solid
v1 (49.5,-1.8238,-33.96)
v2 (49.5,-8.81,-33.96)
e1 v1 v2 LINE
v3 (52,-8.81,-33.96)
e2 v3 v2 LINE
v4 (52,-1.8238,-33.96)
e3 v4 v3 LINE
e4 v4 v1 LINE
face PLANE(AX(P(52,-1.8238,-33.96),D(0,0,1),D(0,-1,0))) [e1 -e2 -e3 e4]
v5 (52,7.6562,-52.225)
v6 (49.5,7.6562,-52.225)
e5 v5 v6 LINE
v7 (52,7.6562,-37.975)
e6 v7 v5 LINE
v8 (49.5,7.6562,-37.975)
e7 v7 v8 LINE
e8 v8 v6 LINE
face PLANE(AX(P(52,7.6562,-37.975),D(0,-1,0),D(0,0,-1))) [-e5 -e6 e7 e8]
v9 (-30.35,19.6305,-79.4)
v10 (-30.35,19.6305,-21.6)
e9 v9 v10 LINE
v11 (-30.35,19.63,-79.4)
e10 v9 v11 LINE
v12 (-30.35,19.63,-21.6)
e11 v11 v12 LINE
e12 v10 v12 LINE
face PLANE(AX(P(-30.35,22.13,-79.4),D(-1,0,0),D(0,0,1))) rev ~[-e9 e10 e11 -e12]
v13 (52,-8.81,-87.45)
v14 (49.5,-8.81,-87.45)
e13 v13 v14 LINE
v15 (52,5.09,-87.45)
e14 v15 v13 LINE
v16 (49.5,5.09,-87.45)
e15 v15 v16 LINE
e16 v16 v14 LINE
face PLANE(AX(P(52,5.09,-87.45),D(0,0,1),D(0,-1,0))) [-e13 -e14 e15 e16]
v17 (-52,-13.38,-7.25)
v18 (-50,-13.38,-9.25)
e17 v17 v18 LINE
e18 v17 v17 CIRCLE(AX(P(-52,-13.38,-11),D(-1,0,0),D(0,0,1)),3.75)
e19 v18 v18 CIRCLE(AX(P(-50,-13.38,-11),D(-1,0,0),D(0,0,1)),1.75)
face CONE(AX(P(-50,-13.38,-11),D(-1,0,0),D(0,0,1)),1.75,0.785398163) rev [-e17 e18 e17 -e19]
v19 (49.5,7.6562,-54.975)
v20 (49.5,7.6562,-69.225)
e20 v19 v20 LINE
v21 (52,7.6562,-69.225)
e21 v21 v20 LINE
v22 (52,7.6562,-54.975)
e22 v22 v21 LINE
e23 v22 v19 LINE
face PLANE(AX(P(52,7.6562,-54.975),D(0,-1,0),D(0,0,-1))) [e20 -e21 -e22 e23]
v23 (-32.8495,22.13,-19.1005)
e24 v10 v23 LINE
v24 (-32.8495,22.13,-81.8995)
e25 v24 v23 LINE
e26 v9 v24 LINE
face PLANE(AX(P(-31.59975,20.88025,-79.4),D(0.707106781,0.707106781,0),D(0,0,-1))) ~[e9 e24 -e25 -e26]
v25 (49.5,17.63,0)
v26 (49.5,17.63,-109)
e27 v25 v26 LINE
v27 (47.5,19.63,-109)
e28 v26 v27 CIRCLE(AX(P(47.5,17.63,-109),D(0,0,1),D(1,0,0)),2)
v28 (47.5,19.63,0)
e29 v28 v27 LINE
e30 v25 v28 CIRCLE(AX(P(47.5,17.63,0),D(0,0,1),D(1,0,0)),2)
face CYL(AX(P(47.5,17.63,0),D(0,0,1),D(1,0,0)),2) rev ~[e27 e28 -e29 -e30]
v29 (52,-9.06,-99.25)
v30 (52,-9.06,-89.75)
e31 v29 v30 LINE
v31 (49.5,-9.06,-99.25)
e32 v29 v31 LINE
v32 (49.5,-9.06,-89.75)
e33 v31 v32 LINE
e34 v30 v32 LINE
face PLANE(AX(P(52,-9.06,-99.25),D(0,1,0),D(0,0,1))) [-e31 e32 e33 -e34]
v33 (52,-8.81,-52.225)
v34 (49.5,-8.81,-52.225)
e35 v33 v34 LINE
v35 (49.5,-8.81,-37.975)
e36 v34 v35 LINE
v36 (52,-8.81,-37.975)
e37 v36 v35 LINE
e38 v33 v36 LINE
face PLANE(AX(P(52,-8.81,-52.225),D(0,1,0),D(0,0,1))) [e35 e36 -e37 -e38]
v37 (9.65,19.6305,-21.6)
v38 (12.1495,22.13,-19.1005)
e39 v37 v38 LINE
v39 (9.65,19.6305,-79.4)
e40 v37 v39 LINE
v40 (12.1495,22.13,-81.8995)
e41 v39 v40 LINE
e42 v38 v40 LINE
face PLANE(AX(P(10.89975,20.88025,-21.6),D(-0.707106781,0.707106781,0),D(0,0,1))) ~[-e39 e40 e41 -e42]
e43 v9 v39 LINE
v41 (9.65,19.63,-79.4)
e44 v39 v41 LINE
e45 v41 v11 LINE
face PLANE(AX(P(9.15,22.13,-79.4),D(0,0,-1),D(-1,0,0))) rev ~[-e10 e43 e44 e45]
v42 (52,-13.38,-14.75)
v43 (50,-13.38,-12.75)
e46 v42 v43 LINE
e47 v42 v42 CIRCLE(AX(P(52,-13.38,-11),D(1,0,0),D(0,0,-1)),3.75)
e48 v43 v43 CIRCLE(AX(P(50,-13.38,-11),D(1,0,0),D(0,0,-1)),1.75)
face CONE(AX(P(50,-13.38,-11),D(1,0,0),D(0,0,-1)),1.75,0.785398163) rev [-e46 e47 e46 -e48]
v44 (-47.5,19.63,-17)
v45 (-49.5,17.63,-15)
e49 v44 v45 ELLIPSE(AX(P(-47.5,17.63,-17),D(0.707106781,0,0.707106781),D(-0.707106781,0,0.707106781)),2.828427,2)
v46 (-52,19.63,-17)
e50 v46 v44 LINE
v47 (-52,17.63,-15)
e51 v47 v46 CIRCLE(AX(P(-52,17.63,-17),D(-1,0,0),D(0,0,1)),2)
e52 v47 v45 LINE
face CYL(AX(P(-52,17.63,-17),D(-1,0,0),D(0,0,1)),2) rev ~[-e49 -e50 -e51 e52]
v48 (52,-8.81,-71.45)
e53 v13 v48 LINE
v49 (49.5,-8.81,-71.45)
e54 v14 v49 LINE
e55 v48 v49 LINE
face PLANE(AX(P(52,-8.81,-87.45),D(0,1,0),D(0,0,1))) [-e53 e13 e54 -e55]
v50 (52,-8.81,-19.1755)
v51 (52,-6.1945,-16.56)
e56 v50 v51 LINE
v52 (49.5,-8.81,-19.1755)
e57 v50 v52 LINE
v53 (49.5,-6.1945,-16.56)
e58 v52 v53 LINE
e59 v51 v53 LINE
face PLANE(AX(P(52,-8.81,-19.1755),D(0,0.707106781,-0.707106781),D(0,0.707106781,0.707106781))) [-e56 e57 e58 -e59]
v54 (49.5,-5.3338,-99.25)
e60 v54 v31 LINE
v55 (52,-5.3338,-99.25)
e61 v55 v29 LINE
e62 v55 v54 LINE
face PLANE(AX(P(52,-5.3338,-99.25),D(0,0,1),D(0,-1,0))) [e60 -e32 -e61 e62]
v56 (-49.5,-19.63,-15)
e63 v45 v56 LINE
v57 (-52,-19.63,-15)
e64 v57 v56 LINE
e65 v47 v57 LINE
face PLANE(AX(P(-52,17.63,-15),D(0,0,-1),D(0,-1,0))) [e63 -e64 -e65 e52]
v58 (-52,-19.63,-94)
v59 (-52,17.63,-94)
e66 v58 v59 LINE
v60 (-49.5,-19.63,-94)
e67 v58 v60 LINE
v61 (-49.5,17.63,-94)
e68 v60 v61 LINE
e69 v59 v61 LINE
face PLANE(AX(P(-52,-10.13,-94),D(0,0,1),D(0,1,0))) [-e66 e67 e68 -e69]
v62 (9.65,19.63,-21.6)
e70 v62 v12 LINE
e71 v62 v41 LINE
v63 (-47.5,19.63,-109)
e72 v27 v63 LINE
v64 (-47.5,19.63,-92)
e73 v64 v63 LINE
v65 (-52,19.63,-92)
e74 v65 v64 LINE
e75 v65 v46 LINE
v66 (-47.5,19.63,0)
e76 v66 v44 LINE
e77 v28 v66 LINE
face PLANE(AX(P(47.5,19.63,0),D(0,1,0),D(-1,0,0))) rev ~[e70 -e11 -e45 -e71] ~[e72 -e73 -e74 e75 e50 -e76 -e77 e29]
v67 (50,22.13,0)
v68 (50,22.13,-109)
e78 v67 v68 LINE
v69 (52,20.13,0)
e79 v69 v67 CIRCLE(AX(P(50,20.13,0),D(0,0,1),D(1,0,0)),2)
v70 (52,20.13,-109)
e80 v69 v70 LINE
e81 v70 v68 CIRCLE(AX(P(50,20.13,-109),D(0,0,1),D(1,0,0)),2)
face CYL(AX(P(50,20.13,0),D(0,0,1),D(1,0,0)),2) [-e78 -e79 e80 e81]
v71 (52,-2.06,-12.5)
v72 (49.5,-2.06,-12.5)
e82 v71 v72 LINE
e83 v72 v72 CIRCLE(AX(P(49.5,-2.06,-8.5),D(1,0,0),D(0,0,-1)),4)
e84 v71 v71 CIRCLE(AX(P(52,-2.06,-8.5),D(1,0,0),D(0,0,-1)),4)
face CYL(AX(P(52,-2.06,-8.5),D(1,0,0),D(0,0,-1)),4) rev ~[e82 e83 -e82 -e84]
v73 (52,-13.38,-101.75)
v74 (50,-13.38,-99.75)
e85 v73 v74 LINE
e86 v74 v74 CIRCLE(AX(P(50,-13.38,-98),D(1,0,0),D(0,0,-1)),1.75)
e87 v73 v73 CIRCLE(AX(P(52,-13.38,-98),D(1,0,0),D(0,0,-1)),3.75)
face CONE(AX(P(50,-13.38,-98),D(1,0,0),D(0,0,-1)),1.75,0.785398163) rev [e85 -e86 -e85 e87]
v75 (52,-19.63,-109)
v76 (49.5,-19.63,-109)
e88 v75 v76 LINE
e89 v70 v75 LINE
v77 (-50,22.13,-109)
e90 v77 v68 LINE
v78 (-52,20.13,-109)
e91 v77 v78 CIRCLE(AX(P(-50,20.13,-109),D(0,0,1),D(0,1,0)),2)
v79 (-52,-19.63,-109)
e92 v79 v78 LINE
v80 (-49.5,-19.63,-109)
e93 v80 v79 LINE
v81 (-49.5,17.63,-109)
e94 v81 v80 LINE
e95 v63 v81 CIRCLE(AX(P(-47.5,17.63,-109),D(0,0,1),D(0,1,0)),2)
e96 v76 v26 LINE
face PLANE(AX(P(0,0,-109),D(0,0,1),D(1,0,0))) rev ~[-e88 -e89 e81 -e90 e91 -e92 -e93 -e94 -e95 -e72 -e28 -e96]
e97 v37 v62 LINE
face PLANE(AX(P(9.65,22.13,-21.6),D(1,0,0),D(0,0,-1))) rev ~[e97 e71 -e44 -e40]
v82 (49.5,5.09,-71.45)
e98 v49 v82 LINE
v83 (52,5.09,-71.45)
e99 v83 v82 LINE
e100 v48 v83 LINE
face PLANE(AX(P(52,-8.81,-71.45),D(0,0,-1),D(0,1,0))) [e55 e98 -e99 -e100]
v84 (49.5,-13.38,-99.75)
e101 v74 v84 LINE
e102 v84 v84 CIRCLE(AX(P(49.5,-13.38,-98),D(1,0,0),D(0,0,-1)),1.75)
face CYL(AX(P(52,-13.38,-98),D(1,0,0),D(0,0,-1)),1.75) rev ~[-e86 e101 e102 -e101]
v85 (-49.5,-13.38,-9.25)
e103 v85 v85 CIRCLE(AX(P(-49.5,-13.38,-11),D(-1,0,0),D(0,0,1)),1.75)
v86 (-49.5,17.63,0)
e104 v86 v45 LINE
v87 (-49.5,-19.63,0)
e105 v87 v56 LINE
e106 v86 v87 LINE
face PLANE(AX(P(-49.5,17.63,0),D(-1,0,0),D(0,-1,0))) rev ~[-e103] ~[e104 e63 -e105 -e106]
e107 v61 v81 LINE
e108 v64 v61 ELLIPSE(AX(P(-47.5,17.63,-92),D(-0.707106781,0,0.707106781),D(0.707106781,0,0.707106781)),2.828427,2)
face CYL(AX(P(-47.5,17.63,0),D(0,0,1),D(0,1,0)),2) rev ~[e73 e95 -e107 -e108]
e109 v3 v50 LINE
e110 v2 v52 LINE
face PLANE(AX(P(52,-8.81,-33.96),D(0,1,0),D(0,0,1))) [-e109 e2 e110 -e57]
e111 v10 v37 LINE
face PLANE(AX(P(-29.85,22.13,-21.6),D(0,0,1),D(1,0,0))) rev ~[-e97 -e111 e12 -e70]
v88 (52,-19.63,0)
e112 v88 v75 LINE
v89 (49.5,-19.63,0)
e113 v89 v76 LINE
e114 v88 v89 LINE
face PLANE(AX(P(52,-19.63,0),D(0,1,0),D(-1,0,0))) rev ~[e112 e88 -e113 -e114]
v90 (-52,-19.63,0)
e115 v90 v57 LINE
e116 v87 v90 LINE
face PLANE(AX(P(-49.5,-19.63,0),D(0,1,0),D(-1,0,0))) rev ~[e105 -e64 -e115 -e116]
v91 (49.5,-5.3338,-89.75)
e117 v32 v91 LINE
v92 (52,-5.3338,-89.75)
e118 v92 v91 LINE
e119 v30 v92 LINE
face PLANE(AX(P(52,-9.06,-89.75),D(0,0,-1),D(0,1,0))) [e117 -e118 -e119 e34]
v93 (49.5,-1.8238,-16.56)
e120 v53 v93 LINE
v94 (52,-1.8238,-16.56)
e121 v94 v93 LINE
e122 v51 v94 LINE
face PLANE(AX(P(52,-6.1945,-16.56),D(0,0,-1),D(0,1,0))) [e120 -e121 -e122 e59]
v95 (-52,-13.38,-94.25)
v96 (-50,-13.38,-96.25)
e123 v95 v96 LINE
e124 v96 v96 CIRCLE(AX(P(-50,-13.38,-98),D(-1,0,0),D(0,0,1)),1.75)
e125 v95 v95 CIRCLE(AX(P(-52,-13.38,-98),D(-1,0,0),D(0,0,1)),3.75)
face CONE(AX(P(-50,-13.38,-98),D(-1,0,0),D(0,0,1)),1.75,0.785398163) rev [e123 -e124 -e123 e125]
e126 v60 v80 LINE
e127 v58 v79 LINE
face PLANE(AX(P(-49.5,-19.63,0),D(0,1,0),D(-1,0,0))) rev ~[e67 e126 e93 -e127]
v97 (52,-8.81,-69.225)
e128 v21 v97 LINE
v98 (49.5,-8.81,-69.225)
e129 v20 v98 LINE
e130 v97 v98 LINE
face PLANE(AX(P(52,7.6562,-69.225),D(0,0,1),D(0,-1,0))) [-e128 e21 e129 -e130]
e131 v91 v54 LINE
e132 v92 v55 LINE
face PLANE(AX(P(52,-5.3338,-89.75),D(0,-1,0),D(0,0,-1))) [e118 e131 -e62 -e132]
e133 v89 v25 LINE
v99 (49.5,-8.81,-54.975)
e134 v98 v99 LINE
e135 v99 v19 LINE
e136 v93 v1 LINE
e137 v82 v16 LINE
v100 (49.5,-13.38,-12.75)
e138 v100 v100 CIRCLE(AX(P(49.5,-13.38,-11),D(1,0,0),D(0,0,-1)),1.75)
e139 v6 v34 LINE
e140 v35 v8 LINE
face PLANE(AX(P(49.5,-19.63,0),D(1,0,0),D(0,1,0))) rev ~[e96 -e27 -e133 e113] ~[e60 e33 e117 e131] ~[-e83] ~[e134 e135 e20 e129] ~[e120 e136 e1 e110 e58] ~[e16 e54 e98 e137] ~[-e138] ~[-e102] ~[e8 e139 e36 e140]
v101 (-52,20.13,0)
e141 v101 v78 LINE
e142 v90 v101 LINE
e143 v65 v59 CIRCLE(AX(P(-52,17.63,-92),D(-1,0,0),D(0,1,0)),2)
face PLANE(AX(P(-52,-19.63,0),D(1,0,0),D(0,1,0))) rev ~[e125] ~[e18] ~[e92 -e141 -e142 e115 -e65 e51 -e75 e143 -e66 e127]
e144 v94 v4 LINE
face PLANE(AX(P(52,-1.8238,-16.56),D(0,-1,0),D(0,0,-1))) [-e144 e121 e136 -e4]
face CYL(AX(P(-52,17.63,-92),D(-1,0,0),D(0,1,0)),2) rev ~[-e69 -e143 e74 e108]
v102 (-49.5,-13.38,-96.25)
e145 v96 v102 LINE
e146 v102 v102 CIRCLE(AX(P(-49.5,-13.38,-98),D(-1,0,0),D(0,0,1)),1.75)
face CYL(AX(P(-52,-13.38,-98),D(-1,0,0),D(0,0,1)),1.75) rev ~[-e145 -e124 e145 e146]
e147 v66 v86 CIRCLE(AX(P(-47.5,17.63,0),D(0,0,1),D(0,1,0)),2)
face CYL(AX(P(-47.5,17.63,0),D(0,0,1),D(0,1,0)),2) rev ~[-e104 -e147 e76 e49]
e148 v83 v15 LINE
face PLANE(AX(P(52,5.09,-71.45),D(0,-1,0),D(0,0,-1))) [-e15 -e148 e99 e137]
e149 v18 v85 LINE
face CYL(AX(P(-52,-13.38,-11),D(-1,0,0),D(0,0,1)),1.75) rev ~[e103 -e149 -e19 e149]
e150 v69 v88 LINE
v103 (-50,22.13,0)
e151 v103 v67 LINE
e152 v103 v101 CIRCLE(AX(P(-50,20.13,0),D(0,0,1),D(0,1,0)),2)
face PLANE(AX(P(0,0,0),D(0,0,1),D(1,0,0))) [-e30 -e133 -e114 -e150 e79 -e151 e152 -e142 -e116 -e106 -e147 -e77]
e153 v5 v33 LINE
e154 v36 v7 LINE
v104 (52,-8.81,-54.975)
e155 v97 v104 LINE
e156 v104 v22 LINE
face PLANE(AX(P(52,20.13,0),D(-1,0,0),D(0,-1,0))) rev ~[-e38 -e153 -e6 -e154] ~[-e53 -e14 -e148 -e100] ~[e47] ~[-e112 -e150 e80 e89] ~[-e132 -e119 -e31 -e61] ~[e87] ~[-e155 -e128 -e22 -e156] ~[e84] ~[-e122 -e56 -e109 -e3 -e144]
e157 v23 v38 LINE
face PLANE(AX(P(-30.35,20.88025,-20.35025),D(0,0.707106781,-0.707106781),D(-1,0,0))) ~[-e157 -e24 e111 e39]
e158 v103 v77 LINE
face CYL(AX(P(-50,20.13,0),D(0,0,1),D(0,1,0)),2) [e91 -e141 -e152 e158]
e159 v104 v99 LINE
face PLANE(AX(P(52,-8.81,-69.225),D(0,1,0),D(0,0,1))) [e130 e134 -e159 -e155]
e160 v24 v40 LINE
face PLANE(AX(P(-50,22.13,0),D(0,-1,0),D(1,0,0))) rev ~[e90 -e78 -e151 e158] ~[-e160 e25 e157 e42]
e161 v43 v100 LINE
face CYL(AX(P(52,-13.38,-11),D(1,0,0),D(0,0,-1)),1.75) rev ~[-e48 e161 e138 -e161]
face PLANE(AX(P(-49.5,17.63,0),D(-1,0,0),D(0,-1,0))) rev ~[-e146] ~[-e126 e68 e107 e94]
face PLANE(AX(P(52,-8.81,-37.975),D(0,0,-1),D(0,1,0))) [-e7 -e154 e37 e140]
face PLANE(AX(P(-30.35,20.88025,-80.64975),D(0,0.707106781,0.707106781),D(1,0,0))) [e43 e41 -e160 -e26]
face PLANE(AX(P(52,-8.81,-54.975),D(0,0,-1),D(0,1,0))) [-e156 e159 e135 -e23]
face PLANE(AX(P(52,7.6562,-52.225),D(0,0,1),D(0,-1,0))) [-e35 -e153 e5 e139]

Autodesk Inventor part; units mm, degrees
ref_plane "YZ Plane" through (0, 0, 0) normal (1, 0, 0) x (0, 1, 0)
sketch "Sketch1" plane through (0, 0, 0) normal (0, 0, 1) x (1, 0, 0)
  line L0 (47.5, 19.63) -> (-47.5, 19.63) projected
  arc A0 (-47.5, 19.63) -> (-49.5, 17.63) centre (-47.5, 17.63) ccw projected
  line L1 (-49.5, 17.63) -> (-49.5, -19.63) projected
  line L2 (49.5, -19.63) -> (49.5, 17.63) projected
  arc A1 (49.5, 17.63) -> (47.5, 19.63) centre (47.5, 17.63) ccw projected
  line L3 (-49.5, -19.63) -> (-52, -19.63)
  line L4 (-52, -19.63) -> (-52, 20.13)
  line L5 (-50, 22.13) -> (50, 22.13)
  line L6 (52, 20.13) -> (52, -19.63)
  line L7 (52, -19.63) -> (49.5, -19.63)
  arc A2 (-50, 22.13) -> (-52, 20.13) centre (-50, 20.13) ccw
  arc A3 (52, 20.13) -> (50, 22.13) centre (50, 20.13) ccw
  dimension "d0" = 2.5
  dimension "d1" = 2.5
  dimension "d2" = 2.5
  dimension "d3" = 2
ref_plane "Work Plane1" through (-49.5, -19.63, -109) normal (0, 0, -1) x (0, 1, 0)
extrude "Extrusion1" add sketch "Sketch1" against normal up to surface (109 mm away)
sketch "Sketch2" plane through (-50, 22.13, 0) normal (0, 1, 0) x (1, 0, 0)
  circle A0 centre (39.65, 50.5) radius 18.5 construction
  line L0 (58.85, 79.4) -> (20.45, 79.4) construction
  line L1 (20.45, 79.4) -> (20.45, 21.6) construction
  line L2 (58.85, 21.6) -> (58.85, 79.4) construction
  line L3 (20.45, 21.6) -> (58.85, 21.6) construction
  line L4 (20.15, 23.6) -> (20.15, 77.4) construction
  line L5 (59.15, 77.4) -> (59.15, 23.6) construction
  line L6 (20.15, 21.6) -> (59.15, 21.6) construction
  line L7 (59.15, 79.4) -> (20.15, 79.4) construction
  line L8 (20.15, 21.6) -> (59.15, 21.6)
  line L9 (59.15, 21.6) -> (59.15, 79.4)
  line L10 (59.15, 79.4) -> (20.15, 79.4)
  line L11 (20.15, 79.4) -> (20.15, 21.6)
  line L12 (59.65, 79.4) -> (19.65, 79.4)
  line L13 (19.65, 79.4) -> (19.65, 21.6)
  line L14 (19.65, 21.6) -> (59.65, 21.6)
  line L15 (59.65, 21.6) -> (59.65, 79.4)
  point P0 (50, 0)
  point P1 (59.65, 50.5)
  point P2 (59.15, 79.4)
  dimension "d43" = 40
  dimension "d44" = 39
  dimension "d45" = 0.5
extrude "Extrusion2" cut sketch "Sketch2" against normal up to surface (2.5 mm away)
chamfer "Chamfer1" distance 2.5 angle 45 4 edges at (-10.35, 22.13, -79.4) (-30.35, 22.13, -50.5) (9.65, 22.13, -50.5) (-10.35, 22.13, -21.6)
sketch "Sketch3" plane through (-52, -19.63, 0) normal (-1, 0, 0) x (0, 0, 1)
  line L0 (-94, 9.5) -> (-94, 37.26) projected
  arc A0 (-92, 39.26) -> (-94, 37.26) centre (-92, 37.26) ccw projected
  line L1 (-92, 39.26) -> (-17, 39.26) projected
  arc A1 (-15, 37.26) -> (-17, 39.26) centre (-17, 37.26) ccw projected
  line L2 (-15, 37.26) -> (-15, 9.5) projected
  line L3 (-94, 9.5) -> (-94, 0)
  line L4 (0, 0) -> (-109, 0) construction
  line L5 (-15, 9.5) -> (-15, 0)
  line L6 (-94, 0) -> (-15, 0)
  circle A2 centre (-98, 6.25) radius 1.5 construction
  circle A3 centre (-11, 6.25) radius 1.5 construction
  circle A4 centre (-98, 6.25) radius 1.75
  circle A5 centre (-11, 6.25) radius 1.75
  point P0 (0, 19.63)
  dimension "d13" = 3.5
  dimension "d14" = 3.5
ref_plane "Work Plane2" through (-47.0185, 3.2145, -3.5) normal (1, 0, 0) x (0, 1, 0)
extrude "Extrusion3" cut sketch "Sketch3" against normal up to surface (4.9815 mm away)
sketch "Sketch4" plane through (52, -19.63, 0) normal (1, 0, 0) x (0, 0, -1)
  circle A0 centre (98, 6.25) radius 1.5 construction
  circle A1 centre (11, 6.25) radius 1.5 construction
  arc A2 (72.9, 14.47) -> (72.9168, 14.38) centre (73.1508, 14.4702) ccw construction
  line L0 (72.9, 16.76) -> (72.9, 14.47) construction
  line L1 (72.9, 16.76) -> (72.9, 18.76) construction
  line L2 (72.9, 22.14) -> (72.9, 18.76) construction
  arc A3 (73.15, 22.39) -> (72.9, 22.14) centre (73.15, 22.14) ccw construction
  line L3 (73.15, 22.39) -> (85.55, 22.39) construction
  arc A4 (85.8, 22.14) -> (85.55, 22.39) centre (85.55, 22.14) ccw construction
  line L4 (85.8, 22.14) -> (85.8, 18.76) construction
  line L5 (85.8, 18.76) -> (85.8, 16.76) construction
  line L6 (85.8, 16.76) -> (85.8, 14.47) construction
  arc A5 (85.7832, 14.38) -> (85.8, 14.47) centre (85.5492, 14.4702) ccw construction
  line L7 (85.7832, 14.38) -> (86.5, 14.38) construction
  line L8 (86.5, 14.38) -> (86.5, 12.03) construction
  line L9 (81.88, 12.03) -> (86.5, 12.03) construction
  line L10 (81.88, 12.03) -> (81.88, 11.42) construction
  line L11 (81.88, 11.42) -> (86.45, 11.42) construction
  line L12 (87.2, 11.42) -> (86.45, 11.42) construction
  line L13 (87.2, 24.47) -> (87.2, 11.42) construction
  line L14 (87.2, 24.52) -> (87.2, 24.47) construction
  line L15 (87.2, 24.52) -> (71.7, 24.52) construction
  line L16 (71.7, 24.52) -> (71.7, 24.47) construction
  line L17 (71.7, 24.47) -> (71.7, 11.42) construction
  line L18 (71.7, 11.42) -> (72.45, 11.42) construction
  line L19 (72.45, 11.42) -> (76.82, 11.42) construction
  line L20 (76.82, 12.03) -> (76.82, 11.42) construction
  line L21 (72.3, 12.03) -> (76.82, 12.03) construction
  line L22 (72.3, 14.38) -> (72.3, 12.03) construction
  line L23 (72.3, 14.38) -> (72.9168, 14.38) construction
  line L24 (68.675, 20.9412) -> (68.975, 20.9412) construction
  line L25 (68.975, 20.9412) -> (68.975, 26.4362) construction
  arc A6 (68.975, 26.4362) -> (68.375, 27.0362) centre (68.375, 26.4362) ccw construction
  line L26 (68.375, 27.0362) -> (55.825, 27.0362) construction
  arc A7 (55.825, 27.0362) -> (55.225, 26.4362) centre (55.825, 26.4362) ccw construction
  line L27 (55.225, 26.4362) -> (55.225, 20.9412) construction
  line L28 (55.225, 20.9412) -> (55.525, 20.9412) construction
  line L29 (55.525, 26.4362) -> (55.525, 20.9412) construction
  arc A8 (55.825, 26.7362) -> (55.525, 26.4362) centre (55.825, 26.4362) ccw construction
  line L30 (68.375, 26.7362) -> (55.825, 26.7362) construction
  arc A9 (68.675, 26.4362) -> (68.375, 26.7362) centre (68.375, 26.4362) ccw construction
  line L31 (68.675, 26.4362) -> (68.675, 20.9412) construction
  line L32 (51.675, 20.9412) -> (51.975, 20.9412) construction
  line L33 (51.975, 20.9412) -> (51.975, 26.4362) construction
  arc A10 (51.975, 26.4362) -> (51.375, 27.0362) centre (51.375, 26.4362) ccw construction
  line L34 (51.375, 27.0362) -> (38.825, 27.0362) construction
  arc A11 (38.825, 27.0362) -> (38.225, 26.4362) centre (38.825, 26.4362) ccw construction
  line L35 (38.225, 26.4362) -> (38.225, 20.9412) construction
  line L36 (38.225, 20.9412) -> (38.525, 20.9412) construction
  line L37 (38.525, 26.4362) -> (38.525, 20.9412) construction
  arc A12 (38.825, 26.7362) -> (38.525, 26.4362) centre (38.825, 26.4362) ccw construction
  line L38 (51.375, 26.7362) -> (38.825, 26.7362) construction
  arc A13 (51.675, 26.4362) -> (51.375, 26.7362) centre (51.375, 26.4362) ccw construction
  line L39 (51.675, 26.4362) -> (51.675, 20.9412) construction
  line L40 (3.1, 11.07) -> (101.9, 11.07) construction
  circle A14 centre (8.5, 17.57) radius 4
  circle A15 centre (11, 6.25) radius 1.75
  circle A16 centre (98, 6.25) radius 1.75
  line L41 (37.975, 27.2862) -> (52.225, 27.2862)
  line L42 (52.225, 27.2862) -> (52.225, 10.82)
  line L43 (52.225, 10.82) -> (37.975, 10.82)
  line L44 (37.975, 10.82) -> (37.975, 27.2862)
  line L45 (54.975, 27.2862) -> (69.225, 27.2862)
  line L46 (69.225, 27.2862) -> (69.225, 10.82)
  line L47 (69.225, 10.82) -> (54.975, 10.82)
  line L48 (54.975, 10.82) -> (54.975, 27.2862)
  line L49 (71.45, 24.72) -> (87.45, 24.72)
  line L50 (87.45, 24.72) -> (87.45, 10.82)
  line L51 (87.45, 10.82) -> (71.45, 10.82)
  line L52 (71.45, 10.82) -> (71.45, 24.72)
  line L53 (90.5, 13.2962) -> (90.5, 12.7462) construction
  line L54 (91.35, 13.7962) -> (91, 13.7962) construction
  line L55 (98, 13.7962) -> (97.6, 13.7962) construction
  line L56 (98.5, 13.2962) -> (98.5, 12.7462) construction
  line L57 (89.75, 14.2962) -> (99.25, 14.2962)
  line L58 (99.25, 14.2962) -> (99.25, 10.57)
  line L59 (99.25, 10.57) -> (89.75, 10.57)
  line L60 (89.75, 10.57) -> (89.75, 14.2962)
  line L61 (71.7, 24.47) -> (87.2, 24.47) construction
  line L62 (87.2, 24.47) -> (87.2, 11.07) construction
  line L63 (87.2, 11.07) -> (71.7, 11.07) construction
  line L64 (71.7, 11.07) -> (71.7, 24.47) construction
  circle A17 centre (8.5, 17.57) radius 3.2 projected
  line L65 (19.46, 17.8062) -> (32.46, 17.8062) construction
  line L66 (16.81, 16.0562) -> (16.81, 16.7062) construction
  line L67 (33.71, 16.5312) -> (33.71, 12.5212) construction
  line L68 (18.4564, 11.8926) -> (16.9564, 13.3926) construction
  line L69 (16.56, 17.8062) -> (33.96, 17.8062)
  line L70 (33.96, 17.8062) -> (33.96, 10.82)
  line L71 (33.96, 10.82) -> (19.1755, 10.82)
  line L72 (19.1755, 10.82) -> (16.56, 13.4355)
  line L73 (16.56, 13.4355) -> (16.56, 17.8062)
  point P0 (0, 19.63)
  point P1 (17.8, 27.1262)
  point P2 (68.975, 23.6887)
  point P3 (91.175, 13.7962)
  point P4 (90.5, 13.0212)
  point P5 (98.5, 13.0212)
  point P6 (16.81, 16.3812)
  dimension "d15" = 8
  dimension "d16" = 3.5
  dimension "d17" = 3.5
  dimension "d23" = 0.25
  dimension "d24" = 0.25
  dimension "d25" = 0.25
  dimension "d26" = 0.25
  dimension "d27" = 0.25
  dimension "d28" = 0.25
  dimension "d29" = 0.25
  dimension "d30" = 0.25
  dimension "d31" = 0.25
  dimension "d32" = 0.25
  dimension "d33" = 0.25
  dimension "d34" = 0.5
  dimension "d35" = 0.5
  dimension "d36" = 0.75
  dimension "d37" = 0.75
  dimension "d46" = 0.25
  dimension "d47" = 0.25
  dimension "d49" = 0.25
  dimension "d50" = 0.25
  dimension "d51" = 0.25
  dimension "d52" = 0
extrude "Extrusion4" cut sketch "Sketch4" against normal up to surface (2.5 mm away) contours A14 | A15 | A16 | L41 L42 L43 L44 | L45 L46 L47 L48 | L49 L50 L51 L52 | L57 L58 L59 L60 | A17 | L69 L70 L71 L72 L73
chamfer "Chamfer2" distance 2 angle 45 4 edges at (52, -13.38, -9.25) (52, -13.38, -96.25) (-52, -13.38, -99.75) (-52, -13.38, -12.75)
equation "\"d1\" = d0"
equation "\"d2\" = d0"
equation "\"d45\" = -0.5 * d44 + 0.5 * d43"
equation "\"d14\" = d13"
equation "\"d17\" = d16"
equation "\"d23\" = d20"
equation "\"d24\" = d23"
equation "\"d25\" = d24"
equation "\"d26\" = d24"
equation "\"d27\" = d26"
equation "\"d28\" = d26"
equation "\"d29\" = d25"
equation "\"d30\" = d29"
equation "\"d31\" = d27"
equation "\"d32\" = d31"
equation "\"d33\" = d31"
equation "\"d34\" = d35"
equation "\"d37\" = d36"
equation "\"d20\" = d18"
equation "\"d18\" = 0.25"
properties part number "Shroud Top"
